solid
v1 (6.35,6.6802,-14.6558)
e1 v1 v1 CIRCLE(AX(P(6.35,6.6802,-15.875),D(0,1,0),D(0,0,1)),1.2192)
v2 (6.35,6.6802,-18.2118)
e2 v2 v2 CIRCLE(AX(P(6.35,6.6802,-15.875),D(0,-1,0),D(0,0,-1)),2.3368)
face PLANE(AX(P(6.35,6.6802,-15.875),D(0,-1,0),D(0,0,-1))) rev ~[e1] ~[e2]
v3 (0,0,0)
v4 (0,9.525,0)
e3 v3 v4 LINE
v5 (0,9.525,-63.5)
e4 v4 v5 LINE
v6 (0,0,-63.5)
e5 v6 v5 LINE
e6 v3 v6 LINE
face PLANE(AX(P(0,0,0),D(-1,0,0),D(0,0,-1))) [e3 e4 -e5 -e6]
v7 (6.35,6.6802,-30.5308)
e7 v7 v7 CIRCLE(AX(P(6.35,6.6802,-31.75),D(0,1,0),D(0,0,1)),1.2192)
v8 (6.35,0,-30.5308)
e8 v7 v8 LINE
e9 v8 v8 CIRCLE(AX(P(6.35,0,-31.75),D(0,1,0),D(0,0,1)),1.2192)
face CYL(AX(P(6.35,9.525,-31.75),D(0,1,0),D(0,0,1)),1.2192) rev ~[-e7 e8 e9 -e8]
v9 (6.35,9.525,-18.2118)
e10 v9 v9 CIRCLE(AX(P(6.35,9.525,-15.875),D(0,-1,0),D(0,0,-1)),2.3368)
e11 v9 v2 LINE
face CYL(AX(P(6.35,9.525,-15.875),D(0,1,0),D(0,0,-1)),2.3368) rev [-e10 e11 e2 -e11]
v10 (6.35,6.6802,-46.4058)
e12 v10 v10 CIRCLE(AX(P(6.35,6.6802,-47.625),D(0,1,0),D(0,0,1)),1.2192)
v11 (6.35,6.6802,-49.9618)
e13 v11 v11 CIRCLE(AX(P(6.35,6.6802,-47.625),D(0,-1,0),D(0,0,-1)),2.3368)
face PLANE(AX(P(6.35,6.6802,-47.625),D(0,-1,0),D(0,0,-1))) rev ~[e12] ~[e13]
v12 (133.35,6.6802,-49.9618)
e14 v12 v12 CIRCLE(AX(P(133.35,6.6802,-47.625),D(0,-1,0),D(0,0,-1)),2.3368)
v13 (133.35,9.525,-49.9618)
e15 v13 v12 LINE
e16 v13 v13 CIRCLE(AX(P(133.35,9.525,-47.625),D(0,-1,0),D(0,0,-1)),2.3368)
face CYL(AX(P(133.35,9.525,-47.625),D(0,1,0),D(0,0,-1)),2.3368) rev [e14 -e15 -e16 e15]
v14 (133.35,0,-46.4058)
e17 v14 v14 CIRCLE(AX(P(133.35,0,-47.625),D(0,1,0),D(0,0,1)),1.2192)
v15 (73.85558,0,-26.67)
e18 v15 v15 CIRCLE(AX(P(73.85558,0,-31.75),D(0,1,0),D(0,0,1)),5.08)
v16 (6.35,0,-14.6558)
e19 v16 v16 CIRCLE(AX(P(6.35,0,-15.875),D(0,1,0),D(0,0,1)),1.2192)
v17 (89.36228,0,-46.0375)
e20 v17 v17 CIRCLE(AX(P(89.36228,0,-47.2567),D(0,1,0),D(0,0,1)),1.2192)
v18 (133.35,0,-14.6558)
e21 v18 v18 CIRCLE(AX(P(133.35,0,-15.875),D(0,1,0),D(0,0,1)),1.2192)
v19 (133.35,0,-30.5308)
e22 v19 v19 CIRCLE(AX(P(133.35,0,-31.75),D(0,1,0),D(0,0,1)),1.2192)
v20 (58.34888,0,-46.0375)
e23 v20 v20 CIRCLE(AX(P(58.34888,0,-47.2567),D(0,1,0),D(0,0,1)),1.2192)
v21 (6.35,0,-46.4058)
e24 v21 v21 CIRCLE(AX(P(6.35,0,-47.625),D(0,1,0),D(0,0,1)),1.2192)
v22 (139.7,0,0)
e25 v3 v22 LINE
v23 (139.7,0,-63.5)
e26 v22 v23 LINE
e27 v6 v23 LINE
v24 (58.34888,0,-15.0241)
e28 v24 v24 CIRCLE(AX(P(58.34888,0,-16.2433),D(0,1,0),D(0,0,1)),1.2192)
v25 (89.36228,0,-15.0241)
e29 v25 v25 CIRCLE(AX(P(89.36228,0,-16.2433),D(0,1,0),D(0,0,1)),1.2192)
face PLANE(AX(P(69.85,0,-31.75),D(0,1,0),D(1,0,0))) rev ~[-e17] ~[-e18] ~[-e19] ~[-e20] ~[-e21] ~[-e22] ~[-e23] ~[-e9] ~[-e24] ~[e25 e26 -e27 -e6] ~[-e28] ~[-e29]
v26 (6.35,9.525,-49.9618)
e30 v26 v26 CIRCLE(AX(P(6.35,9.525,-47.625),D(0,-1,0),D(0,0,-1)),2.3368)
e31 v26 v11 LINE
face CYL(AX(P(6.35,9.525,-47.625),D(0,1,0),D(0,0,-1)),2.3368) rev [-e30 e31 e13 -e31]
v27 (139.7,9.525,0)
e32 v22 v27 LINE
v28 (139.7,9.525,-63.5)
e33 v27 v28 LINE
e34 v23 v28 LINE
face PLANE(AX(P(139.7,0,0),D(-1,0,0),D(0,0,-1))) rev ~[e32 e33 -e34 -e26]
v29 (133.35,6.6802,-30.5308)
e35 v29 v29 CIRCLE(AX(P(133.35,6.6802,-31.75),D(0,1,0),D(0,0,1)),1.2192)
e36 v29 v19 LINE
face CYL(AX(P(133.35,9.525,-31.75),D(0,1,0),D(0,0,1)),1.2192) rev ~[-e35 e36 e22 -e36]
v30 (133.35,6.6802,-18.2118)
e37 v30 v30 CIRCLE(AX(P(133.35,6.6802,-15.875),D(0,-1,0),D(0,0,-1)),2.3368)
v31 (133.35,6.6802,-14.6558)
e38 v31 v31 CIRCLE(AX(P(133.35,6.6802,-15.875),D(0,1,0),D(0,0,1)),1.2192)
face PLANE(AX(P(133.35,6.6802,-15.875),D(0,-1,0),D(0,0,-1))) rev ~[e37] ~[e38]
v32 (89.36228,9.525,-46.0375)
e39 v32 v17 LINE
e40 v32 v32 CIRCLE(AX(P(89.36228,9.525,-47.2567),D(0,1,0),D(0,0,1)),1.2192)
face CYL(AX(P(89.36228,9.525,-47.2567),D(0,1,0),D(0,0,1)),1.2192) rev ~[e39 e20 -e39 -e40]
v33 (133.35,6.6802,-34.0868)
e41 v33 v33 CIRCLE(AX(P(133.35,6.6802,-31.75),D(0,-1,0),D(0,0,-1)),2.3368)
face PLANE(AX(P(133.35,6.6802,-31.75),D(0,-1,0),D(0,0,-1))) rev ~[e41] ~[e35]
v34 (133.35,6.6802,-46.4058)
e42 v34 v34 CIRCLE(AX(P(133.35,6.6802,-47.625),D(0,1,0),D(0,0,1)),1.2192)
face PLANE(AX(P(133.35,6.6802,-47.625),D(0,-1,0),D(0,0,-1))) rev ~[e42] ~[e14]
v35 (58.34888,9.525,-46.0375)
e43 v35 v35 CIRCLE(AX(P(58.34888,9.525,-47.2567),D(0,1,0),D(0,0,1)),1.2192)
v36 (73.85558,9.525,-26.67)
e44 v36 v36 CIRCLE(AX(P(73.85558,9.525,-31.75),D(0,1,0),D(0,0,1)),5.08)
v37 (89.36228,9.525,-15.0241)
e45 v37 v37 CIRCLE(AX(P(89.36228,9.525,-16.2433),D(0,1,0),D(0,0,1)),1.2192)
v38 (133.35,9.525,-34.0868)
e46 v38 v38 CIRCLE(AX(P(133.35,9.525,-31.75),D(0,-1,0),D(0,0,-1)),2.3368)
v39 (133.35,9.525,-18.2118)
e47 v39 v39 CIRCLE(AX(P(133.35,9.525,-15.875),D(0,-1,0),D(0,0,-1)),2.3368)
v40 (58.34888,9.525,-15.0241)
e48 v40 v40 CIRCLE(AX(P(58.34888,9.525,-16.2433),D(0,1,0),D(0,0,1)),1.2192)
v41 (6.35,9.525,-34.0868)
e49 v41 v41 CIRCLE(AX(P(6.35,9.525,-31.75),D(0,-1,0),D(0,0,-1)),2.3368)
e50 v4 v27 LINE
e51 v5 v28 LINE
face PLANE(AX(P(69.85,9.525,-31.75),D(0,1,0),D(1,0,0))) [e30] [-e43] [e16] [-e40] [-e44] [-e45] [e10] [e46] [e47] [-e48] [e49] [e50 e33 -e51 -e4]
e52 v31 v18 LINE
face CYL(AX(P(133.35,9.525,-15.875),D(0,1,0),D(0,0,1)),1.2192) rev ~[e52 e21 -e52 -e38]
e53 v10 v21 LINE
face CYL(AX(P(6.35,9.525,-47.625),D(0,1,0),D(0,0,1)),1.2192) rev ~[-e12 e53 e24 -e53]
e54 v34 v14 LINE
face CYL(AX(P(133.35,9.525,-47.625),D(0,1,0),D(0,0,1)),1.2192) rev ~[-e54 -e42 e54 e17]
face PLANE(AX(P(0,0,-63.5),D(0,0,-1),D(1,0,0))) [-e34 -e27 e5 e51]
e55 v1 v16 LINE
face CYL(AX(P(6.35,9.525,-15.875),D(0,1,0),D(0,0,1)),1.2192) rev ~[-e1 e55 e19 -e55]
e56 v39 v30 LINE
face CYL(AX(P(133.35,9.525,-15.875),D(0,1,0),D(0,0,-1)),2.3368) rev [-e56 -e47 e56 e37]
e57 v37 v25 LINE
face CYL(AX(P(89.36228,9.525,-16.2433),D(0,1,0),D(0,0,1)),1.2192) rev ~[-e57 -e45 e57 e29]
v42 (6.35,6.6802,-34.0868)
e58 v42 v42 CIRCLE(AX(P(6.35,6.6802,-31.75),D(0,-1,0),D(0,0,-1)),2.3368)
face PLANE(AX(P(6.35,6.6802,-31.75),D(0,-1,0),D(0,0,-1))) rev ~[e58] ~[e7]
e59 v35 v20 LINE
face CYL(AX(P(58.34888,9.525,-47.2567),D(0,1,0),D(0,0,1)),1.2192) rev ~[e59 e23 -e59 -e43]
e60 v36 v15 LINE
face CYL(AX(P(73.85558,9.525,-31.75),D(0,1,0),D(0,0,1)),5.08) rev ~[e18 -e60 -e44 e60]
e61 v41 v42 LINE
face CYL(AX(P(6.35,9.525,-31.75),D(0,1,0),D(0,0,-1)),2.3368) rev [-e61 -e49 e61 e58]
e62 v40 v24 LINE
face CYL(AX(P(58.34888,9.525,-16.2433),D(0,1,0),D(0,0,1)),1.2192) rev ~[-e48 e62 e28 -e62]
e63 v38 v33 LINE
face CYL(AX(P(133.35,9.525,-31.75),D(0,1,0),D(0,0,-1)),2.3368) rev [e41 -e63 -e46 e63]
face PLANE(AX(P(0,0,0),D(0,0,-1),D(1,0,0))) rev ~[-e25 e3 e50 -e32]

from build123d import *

# Parameters (mm, degrees)
SKETCH1_W           = 139.7
SKETCH1_H           = 63.5
BOSS_EXTRUDE1_DEPTH = 9.525
SKETCH2_R           = 1.2192
SKETCH2_R_2         = 5.08
CUT_EXTRUDE1_DEPTH  = 9.525
SKETCH3_R           = 2.3368
CUT_EXTRUDE3_DEPTH  = 2.8448
SKETCH4_R           = 1.2192
CUT_EXTRUDE5_DEPTH  = 154.750010163


with BuildPart() as part:
    # Sketch1 → Boss-Extrude1 (new body)
    with BuildSketch(Plane(origin=(0, 0, 0), x_dir=(1, 0, 0), z_dir=(0, 1, 0))):
        with Locations((69.85, 31.75)):
            Rectangle(SKETCH1_W, SKETCH1_H)
    extrude(amount=BOSS_EXTRUDE1_DEPTH)

    # Sketch2 → Cut-Extrude1 (cut)
    with BuildSketch(Plane(origin=(0, 9.525, 0), x_dir=(1, 0, 0), z_dir=(0, 1, 0))):
        with Locations(Location((58.34888, 47.2567, 0), (0, 0, 270))):
            Circle(SKETCH2_R)
        with Locations(Location((89.36228, 47.2567, 0), (0, 0, 270))):
            Circle(SKETCH2_R)
        with Locations(Location((89.36228, 16.2433, 0), (0, 0, 270))):
            Circle(SKETCH2_R)
        with Locations(Location((58.34888, 16.2433, 0), (0, 0, 270))):
            Circle(SKETCH2_R)
        with Locations(Location((73.85558, 31.75, 0), (0, 0, 270))):
            Circle(SKETCH2_R_2)
    extrude(amount=-CUT_EXTRUDE1_DEPTH, mode=Mode.SUBTRACT)

    # Sketch3 → Cut-Extrude3 (cut)
    with BuildSketch(Plane.XZ.offset(-9.525)):
        with Locations(Location((6.35, -15.875, 0), (0, 0, 270))):
            Circle(SKETCH3_R)
        with Locations(Location((6.35, -31.75, 0), (0, 0, 270))):
            Circle(SKETCH3_R)
        with Locations(Location((6.35, -47.625, 0), (0, 0, 270))):
            Circle(SKETCH3_R)
        with Locations(Location((133.35, -47.625, 0), (0, 0, 270))):
            Circle(SKETCH3_R)
        with Locations(Location((133.35, -31.75, 0), (0, 0, 270))):
            Circle(SKETCH3_R)
        with Locations(Location((133.35, -15.875, 0), (0, 0, 270))):
            Circle(SKETCH3_R)
    extrude(amount=CUT_EXTRUDE3_DEPTH, mode=Mode.SUBTRACT)

    # Sketch4 → Cut-Extrude5 (cut, through all)
    with BuildSketch(Plane(origin=(0, 9.525, 0), x_dir=(1, 0, 0), z_dir=(0, 1, 0))):
        with Locations(Location((6.35, 47.625, 0), (0, 0, 270))):
            Circle(SKETCH4_R)
        with Locations(Location((6.35, 31.75, 0), (0, 0, 270))):
            Circle(SKETCH4_R)
        with Locations(Location((6.35, 15.875, 0), (0, 0, 270))):
            Circle(SKETCH4_R)
        with Locations(Location((133.35, 15.875, 0), (0, 0, 270))):
            Circle(SKETCH4_R)
        with Locations(Location((133.35, 31.75, 0), (0, 0, 270))):
            Circle(SKETCH4_R)
        with Locations(Location((133.35, 47.625, 0), (0, 0, 270))):
            Circle(SKETCH4_R)
    extrude(amount=-CUT_EXTRUDE5_DEPTH, mode=Mode.SUBTRACT)


solid = part.part
